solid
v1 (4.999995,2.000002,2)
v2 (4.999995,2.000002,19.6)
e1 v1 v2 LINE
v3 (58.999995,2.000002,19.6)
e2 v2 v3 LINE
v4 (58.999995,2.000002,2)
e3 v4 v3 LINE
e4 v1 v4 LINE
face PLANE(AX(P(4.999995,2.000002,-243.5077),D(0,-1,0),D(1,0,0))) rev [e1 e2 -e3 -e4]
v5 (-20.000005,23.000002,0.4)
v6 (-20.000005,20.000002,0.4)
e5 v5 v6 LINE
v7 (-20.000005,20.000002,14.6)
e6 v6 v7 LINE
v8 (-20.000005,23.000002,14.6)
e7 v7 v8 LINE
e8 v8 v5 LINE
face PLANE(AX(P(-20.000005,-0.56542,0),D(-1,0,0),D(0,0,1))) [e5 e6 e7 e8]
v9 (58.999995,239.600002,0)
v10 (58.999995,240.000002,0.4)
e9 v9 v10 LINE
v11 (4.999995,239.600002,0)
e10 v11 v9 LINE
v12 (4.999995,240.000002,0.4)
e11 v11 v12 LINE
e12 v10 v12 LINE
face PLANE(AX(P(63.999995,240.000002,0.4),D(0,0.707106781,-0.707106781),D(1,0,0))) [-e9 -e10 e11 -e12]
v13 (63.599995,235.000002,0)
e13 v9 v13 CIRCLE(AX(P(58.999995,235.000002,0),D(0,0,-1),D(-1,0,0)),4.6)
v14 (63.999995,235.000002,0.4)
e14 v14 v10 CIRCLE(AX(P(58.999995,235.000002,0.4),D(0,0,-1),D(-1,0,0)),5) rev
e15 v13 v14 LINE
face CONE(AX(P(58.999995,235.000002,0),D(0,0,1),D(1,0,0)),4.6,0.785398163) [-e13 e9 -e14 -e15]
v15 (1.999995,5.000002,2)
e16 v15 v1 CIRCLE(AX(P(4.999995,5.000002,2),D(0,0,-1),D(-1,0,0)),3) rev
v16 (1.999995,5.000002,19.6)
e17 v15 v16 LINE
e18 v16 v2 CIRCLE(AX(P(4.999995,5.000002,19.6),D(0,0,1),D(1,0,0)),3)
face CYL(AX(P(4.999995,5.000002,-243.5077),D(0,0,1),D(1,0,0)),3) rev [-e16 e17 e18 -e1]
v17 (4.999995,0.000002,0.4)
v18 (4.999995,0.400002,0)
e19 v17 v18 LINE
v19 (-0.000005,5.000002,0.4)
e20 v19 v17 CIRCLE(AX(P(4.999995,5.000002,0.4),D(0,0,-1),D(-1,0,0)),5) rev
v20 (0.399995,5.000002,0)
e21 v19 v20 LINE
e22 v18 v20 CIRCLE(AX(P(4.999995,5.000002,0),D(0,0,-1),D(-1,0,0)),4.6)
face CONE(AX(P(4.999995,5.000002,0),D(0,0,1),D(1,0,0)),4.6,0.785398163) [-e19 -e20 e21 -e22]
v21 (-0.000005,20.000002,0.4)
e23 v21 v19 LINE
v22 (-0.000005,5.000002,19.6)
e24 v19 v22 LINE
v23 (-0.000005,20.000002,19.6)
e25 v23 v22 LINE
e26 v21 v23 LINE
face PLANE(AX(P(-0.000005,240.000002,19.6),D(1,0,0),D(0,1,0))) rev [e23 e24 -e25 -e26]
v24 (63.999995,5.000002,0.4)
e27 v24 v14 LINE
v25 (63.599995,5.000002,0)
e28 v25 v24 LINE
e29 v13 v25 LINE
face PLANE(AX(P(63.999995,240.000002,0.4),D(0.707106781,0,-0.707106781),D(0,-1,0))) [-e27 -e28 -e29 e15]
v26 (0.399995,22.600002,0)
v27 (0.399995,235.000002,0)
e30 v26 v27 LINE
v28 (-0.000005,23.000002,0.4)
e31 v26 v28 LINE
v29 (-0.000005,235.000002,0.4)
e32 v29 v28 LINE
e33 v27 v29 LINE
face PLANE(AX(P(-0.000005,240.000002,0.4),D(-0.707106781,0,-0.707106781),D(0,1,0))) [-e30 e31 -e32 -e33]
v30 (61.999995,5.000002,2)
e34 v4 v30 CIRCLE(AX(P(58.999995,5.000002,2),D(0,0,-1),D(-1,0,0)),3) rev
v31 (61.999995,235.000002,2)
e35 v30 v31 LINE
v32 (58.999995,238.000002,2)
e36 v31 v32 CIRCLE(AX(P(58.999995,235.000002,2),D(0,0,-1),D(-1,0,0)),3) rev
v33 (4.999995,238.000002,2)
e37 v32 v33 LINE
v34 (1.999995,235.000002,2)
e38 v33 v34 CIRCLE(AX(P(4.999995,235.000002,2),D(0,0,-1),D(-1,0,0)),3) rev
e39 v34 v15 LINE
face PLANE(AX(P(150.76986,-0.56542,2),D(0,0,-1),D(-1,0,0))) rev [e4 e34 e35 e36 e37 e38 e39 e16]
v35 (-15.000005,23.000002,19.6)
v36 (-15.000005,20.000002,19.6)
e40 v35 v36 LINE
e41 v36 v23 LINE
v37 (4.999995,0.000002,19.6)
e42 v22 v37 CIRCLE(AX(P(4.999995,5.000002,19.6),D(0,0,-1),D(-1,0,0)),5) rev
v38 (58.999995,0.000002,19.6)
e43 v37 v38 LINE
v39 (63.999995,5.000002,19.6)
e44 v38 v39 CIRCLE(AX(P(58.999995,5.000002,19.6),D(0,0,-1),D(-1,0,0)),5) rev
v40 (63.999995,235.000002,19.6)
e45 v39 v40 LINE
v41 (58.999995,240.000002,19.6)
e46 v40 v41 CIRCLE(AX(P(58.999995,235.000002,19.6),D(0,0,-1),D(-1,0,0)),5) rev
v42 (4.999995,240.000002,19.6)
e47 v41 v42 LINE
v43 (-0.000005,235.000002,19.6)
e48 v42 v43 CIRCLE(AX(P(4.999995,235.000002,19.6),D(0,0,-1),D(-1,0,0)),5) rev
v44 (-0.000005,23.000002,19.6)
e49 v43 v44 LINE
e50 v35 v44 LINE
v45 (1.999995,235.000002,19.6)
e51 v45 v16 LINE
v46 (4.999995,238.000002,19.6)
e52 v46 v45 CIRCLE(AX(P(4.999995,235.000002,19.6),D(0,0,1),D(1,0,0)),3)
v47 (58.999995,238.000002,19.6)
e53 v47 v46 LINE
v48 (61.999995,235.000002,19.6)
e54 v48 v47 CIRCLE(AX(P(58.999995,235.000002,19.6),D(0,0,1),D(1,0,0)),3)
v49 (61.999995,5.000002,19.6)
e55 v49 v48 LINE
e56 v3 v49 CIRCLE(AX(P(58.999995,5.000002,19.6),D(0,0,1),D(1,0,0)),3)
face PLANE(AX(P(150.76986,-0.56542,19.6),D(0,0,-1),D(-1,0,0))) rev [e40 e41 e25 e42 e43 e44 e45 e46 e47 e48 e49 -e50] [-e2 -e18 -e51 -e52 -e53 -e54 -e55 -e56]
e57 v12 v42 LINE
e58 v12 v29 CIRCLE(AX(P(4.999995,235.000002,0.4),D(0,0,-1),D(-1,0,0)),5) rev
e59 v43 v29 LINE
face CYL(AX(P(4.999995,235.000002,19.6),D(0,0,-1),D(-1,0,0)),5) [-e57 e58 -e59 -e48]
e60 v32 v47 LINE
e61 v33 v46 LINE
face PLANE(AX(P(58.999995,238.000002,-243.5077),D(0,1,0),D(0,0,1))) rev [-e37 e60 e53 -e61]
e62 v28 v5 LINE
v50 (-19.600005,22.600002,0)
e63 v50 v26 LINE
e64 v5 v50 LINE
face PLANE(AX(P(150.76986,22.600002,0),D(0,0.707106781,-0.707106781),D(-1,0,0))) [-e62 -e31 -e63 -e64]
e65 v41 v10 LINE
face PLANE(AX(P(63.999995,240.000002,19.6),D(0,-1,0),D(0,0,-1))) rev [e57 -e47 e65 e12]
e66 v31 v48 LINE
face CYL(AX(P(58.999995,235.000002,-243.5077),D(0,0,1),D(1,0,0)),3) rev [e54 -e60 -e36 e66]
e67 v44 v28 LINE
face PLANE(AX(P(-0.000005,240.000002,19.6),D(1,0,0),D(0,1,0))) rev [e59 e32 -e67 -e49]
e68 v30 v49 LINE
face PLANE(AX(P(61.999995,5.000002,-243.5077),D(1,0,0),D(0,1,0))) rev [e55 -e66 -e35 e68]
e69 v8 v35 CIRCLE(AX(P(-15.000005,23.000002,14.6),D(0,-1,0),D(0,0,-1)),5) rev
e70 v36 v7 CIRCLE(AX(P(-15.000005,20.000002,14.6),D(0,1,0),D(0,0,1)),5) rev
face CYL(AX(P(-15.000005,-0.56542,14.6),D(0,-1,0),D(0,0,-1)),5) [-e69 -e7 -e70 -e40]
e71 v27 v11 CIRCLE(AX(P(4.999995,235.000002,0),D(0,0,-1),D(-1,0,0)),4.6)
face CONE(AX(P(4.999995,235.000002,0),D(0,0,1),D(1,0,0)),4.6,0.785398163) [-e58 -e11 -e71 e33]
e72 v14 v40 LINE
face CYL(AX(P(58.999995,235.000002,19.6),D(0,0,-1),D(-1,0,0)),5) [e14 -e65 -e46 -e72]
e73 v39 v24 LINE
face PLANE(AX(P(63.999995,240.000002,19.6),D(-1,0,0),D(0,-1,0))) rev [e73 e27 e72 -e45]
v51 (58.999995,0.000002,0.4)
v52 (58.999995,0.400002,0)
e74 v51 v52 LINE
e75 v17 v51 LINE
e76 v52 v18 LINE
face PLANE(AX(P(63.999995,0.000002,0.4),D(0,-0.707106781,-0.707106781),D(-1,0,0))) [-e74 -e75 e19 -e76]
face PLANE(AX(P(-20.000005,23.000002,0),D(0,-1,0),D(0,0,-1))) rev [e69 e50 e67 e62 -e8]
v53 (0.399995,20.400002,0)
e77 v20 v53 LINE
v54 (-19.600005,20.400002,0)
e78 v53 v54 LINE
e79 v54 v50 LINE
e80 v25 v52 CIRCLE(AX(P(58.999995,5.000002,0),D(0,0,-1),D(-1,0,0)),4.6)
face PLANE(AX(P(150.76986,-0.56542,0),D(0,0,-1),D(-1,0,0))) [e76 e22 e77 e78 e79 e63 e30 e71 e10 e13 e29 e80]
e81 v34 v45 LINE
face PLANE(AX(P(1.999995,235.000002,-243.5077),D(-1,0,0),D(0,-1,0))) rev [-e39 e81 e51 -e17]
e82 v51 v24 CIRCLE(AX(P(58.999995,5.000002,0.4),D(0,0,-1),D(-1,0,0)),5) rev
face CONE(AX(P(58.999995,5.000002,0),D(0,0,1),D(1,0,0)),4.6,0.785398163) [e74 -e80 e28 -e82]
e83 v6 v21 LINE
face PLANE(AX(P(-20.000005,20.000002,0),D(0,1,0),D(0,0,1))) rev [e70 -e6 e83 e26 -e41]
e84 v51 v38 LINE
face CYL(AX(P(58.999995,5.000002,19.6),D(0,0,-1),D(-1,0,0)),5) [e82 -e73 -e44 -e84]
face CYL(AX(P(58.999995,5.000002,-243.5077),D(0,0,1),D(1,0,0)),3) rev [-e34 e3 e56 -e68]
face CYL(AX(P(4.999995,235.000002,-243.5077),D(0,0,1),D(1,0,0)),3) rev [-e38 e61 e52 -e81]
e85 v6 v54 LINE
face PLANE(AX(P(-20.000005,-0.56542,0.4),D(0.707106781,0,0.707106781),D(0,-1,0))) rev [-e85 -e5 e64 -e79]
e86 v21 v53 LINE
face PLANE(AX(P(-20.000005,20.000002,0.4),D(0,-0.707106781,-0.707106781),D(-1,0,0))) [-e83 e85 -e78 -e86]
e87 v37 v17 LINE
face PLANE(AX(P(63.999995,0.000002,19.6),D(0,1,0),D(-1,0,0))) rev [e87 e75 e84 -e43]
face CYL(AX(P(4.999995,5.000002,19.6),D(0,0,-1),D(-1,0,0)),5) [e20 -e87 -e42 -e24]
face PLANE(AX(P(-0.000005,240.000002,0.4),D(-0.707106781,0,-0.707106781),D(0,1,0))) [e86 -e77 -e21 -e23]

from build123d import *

# Parameters (mm, degrees)
SKETCH1_W           = 64
SKETCH1_H           = 240
BOSS_EXTRUDE1_DEPTH = 19.6
FILLET1_R           = 5
CUT_EXTRUDE1_DEPTH  = 17.6
SKETCH4_W           = 19.6
SKETCH4_H           = 3
BOSS_EXTRUDE2_DEPTH = 20
FILLET2_R           = 5
CHAMFER1_SIZE       = 0.4


with BuildPart() as part:
    # Sketch1 → Boss-Extrude1 (new body)
    with BuildSketch(Plane.XY):
        with Locations((-118.769864545, 120.565422017)):
            Rectangle(SKETCH1_W, SKETCH1_H)
    extrude(amount=BOSS_EXTRUDE1_DEPTH)

    # Fillet1
    fillet1_edges = [part.edges().sort_by_distance(p)[0] for p in [
        (-86.769864545, 0.565422017, 9.8),
        (-150.769864545, 0.565422017, 9.8),
        (-150.769864545, 240.565422017, 9.8),
        (-86.769864545, 240.565422017, 9.8),
    ]]
    fillet(fillet1_edges, radius=FILLET1_R)

    # Sketch3 → Cut-Extrude1 (cut)
    with BuildSketch(Plane.XY.offset(19.6)):
        with BuildLine():
            Line((-148.769864545, 235.565422017), (-148.769864545, 5.565422017))
            ThreePointArc((-148.769864545, 5.565422017), (-147.891184888, 3.444101674), (-145.769864545, 2.565422017))
            Line((-145.769864545, 2.565422017), (-91.769864545, 2.565422017))
            ThreePointArc((-91.769864545, 2.565422017), (-89.648544201, 3.444101674), (-88.769864545, 5.565422017))
            Line((-88.769864545, 5.565422017), (-88.769864545, 235.565422017))
            ThreePointArc((-88.769864545, 235.565422017), (-89.648544201, 237.686742361), (-91.769864545, 238.565422017))
            Line((-91.769864545, 238.565422017), (-145.769864545, 238.565422017))
            ThreePointArc((-145.769864545, 238.565422017), (-147.891184888, 237.686742361), (-148.769864545, 235.565422017))
        make_face()
    extrude(amount=-CUT_EXTRUDE1_DEPTH, mode=Mode.SUBTRACT)

    # Sketch4 → Boss-Extrude2 (add)
    with BuildSketch(Plane.ZY.offset(150.769864545)):
        with Locations((9.8, 22.065422017)):
            Rectangle(SKETCH4_W, SKETCH4_H)
    extrude(amount=BOSS_EXTRUDE2_DEPTH)

    # Fillet2
    fillet2_edges = [part.edges().sort_by_distance(p)[0] for p in [
        (-170.769864545, 22.065422017, 19.6),
    ]]
    fillet(fillet2_edges, radius=FILLET2_R)


with BuildPart() as part_1:
    # Body-Move/Copy1: moved
    add(part.part.moved(Location((0, -0.56542, 0))))


with BuildPart() as part_2:
    # Body-Move/Copy2: moved
    add(part_1.part.moved(Location((150.76986, 0, 0))))

    # Chamfer1
    chamfer1_edges = [part_2.edges().sort_by_distance(p)[0] for p in [
        (31.999995455, 2.017e-06, 0),
        (63.999995455, 120.000002017, 0),
        (-4.545e-06, 129.000002017, 0),
        (31.999995455, 240.000002017, 0),
        (1.464461549, 238.535535923, 0),
        (62.535529361, 238.535535923, 0),
        (62.535529361, 1.464468112, 0),
        (1.464461549, 1.464468112, 0),
        (-4.545e-06, 12.500002017, 0),
        (-10.000004545, 23.000002017, 0),
        (-10.000004545, 20.000002017, 0),
        (-20.000004545, 21.500002017, 0),
    ]]
    chamfer(chamfer1_edges, length=CHAMFER1_SIZE)


solid = part_2.part
